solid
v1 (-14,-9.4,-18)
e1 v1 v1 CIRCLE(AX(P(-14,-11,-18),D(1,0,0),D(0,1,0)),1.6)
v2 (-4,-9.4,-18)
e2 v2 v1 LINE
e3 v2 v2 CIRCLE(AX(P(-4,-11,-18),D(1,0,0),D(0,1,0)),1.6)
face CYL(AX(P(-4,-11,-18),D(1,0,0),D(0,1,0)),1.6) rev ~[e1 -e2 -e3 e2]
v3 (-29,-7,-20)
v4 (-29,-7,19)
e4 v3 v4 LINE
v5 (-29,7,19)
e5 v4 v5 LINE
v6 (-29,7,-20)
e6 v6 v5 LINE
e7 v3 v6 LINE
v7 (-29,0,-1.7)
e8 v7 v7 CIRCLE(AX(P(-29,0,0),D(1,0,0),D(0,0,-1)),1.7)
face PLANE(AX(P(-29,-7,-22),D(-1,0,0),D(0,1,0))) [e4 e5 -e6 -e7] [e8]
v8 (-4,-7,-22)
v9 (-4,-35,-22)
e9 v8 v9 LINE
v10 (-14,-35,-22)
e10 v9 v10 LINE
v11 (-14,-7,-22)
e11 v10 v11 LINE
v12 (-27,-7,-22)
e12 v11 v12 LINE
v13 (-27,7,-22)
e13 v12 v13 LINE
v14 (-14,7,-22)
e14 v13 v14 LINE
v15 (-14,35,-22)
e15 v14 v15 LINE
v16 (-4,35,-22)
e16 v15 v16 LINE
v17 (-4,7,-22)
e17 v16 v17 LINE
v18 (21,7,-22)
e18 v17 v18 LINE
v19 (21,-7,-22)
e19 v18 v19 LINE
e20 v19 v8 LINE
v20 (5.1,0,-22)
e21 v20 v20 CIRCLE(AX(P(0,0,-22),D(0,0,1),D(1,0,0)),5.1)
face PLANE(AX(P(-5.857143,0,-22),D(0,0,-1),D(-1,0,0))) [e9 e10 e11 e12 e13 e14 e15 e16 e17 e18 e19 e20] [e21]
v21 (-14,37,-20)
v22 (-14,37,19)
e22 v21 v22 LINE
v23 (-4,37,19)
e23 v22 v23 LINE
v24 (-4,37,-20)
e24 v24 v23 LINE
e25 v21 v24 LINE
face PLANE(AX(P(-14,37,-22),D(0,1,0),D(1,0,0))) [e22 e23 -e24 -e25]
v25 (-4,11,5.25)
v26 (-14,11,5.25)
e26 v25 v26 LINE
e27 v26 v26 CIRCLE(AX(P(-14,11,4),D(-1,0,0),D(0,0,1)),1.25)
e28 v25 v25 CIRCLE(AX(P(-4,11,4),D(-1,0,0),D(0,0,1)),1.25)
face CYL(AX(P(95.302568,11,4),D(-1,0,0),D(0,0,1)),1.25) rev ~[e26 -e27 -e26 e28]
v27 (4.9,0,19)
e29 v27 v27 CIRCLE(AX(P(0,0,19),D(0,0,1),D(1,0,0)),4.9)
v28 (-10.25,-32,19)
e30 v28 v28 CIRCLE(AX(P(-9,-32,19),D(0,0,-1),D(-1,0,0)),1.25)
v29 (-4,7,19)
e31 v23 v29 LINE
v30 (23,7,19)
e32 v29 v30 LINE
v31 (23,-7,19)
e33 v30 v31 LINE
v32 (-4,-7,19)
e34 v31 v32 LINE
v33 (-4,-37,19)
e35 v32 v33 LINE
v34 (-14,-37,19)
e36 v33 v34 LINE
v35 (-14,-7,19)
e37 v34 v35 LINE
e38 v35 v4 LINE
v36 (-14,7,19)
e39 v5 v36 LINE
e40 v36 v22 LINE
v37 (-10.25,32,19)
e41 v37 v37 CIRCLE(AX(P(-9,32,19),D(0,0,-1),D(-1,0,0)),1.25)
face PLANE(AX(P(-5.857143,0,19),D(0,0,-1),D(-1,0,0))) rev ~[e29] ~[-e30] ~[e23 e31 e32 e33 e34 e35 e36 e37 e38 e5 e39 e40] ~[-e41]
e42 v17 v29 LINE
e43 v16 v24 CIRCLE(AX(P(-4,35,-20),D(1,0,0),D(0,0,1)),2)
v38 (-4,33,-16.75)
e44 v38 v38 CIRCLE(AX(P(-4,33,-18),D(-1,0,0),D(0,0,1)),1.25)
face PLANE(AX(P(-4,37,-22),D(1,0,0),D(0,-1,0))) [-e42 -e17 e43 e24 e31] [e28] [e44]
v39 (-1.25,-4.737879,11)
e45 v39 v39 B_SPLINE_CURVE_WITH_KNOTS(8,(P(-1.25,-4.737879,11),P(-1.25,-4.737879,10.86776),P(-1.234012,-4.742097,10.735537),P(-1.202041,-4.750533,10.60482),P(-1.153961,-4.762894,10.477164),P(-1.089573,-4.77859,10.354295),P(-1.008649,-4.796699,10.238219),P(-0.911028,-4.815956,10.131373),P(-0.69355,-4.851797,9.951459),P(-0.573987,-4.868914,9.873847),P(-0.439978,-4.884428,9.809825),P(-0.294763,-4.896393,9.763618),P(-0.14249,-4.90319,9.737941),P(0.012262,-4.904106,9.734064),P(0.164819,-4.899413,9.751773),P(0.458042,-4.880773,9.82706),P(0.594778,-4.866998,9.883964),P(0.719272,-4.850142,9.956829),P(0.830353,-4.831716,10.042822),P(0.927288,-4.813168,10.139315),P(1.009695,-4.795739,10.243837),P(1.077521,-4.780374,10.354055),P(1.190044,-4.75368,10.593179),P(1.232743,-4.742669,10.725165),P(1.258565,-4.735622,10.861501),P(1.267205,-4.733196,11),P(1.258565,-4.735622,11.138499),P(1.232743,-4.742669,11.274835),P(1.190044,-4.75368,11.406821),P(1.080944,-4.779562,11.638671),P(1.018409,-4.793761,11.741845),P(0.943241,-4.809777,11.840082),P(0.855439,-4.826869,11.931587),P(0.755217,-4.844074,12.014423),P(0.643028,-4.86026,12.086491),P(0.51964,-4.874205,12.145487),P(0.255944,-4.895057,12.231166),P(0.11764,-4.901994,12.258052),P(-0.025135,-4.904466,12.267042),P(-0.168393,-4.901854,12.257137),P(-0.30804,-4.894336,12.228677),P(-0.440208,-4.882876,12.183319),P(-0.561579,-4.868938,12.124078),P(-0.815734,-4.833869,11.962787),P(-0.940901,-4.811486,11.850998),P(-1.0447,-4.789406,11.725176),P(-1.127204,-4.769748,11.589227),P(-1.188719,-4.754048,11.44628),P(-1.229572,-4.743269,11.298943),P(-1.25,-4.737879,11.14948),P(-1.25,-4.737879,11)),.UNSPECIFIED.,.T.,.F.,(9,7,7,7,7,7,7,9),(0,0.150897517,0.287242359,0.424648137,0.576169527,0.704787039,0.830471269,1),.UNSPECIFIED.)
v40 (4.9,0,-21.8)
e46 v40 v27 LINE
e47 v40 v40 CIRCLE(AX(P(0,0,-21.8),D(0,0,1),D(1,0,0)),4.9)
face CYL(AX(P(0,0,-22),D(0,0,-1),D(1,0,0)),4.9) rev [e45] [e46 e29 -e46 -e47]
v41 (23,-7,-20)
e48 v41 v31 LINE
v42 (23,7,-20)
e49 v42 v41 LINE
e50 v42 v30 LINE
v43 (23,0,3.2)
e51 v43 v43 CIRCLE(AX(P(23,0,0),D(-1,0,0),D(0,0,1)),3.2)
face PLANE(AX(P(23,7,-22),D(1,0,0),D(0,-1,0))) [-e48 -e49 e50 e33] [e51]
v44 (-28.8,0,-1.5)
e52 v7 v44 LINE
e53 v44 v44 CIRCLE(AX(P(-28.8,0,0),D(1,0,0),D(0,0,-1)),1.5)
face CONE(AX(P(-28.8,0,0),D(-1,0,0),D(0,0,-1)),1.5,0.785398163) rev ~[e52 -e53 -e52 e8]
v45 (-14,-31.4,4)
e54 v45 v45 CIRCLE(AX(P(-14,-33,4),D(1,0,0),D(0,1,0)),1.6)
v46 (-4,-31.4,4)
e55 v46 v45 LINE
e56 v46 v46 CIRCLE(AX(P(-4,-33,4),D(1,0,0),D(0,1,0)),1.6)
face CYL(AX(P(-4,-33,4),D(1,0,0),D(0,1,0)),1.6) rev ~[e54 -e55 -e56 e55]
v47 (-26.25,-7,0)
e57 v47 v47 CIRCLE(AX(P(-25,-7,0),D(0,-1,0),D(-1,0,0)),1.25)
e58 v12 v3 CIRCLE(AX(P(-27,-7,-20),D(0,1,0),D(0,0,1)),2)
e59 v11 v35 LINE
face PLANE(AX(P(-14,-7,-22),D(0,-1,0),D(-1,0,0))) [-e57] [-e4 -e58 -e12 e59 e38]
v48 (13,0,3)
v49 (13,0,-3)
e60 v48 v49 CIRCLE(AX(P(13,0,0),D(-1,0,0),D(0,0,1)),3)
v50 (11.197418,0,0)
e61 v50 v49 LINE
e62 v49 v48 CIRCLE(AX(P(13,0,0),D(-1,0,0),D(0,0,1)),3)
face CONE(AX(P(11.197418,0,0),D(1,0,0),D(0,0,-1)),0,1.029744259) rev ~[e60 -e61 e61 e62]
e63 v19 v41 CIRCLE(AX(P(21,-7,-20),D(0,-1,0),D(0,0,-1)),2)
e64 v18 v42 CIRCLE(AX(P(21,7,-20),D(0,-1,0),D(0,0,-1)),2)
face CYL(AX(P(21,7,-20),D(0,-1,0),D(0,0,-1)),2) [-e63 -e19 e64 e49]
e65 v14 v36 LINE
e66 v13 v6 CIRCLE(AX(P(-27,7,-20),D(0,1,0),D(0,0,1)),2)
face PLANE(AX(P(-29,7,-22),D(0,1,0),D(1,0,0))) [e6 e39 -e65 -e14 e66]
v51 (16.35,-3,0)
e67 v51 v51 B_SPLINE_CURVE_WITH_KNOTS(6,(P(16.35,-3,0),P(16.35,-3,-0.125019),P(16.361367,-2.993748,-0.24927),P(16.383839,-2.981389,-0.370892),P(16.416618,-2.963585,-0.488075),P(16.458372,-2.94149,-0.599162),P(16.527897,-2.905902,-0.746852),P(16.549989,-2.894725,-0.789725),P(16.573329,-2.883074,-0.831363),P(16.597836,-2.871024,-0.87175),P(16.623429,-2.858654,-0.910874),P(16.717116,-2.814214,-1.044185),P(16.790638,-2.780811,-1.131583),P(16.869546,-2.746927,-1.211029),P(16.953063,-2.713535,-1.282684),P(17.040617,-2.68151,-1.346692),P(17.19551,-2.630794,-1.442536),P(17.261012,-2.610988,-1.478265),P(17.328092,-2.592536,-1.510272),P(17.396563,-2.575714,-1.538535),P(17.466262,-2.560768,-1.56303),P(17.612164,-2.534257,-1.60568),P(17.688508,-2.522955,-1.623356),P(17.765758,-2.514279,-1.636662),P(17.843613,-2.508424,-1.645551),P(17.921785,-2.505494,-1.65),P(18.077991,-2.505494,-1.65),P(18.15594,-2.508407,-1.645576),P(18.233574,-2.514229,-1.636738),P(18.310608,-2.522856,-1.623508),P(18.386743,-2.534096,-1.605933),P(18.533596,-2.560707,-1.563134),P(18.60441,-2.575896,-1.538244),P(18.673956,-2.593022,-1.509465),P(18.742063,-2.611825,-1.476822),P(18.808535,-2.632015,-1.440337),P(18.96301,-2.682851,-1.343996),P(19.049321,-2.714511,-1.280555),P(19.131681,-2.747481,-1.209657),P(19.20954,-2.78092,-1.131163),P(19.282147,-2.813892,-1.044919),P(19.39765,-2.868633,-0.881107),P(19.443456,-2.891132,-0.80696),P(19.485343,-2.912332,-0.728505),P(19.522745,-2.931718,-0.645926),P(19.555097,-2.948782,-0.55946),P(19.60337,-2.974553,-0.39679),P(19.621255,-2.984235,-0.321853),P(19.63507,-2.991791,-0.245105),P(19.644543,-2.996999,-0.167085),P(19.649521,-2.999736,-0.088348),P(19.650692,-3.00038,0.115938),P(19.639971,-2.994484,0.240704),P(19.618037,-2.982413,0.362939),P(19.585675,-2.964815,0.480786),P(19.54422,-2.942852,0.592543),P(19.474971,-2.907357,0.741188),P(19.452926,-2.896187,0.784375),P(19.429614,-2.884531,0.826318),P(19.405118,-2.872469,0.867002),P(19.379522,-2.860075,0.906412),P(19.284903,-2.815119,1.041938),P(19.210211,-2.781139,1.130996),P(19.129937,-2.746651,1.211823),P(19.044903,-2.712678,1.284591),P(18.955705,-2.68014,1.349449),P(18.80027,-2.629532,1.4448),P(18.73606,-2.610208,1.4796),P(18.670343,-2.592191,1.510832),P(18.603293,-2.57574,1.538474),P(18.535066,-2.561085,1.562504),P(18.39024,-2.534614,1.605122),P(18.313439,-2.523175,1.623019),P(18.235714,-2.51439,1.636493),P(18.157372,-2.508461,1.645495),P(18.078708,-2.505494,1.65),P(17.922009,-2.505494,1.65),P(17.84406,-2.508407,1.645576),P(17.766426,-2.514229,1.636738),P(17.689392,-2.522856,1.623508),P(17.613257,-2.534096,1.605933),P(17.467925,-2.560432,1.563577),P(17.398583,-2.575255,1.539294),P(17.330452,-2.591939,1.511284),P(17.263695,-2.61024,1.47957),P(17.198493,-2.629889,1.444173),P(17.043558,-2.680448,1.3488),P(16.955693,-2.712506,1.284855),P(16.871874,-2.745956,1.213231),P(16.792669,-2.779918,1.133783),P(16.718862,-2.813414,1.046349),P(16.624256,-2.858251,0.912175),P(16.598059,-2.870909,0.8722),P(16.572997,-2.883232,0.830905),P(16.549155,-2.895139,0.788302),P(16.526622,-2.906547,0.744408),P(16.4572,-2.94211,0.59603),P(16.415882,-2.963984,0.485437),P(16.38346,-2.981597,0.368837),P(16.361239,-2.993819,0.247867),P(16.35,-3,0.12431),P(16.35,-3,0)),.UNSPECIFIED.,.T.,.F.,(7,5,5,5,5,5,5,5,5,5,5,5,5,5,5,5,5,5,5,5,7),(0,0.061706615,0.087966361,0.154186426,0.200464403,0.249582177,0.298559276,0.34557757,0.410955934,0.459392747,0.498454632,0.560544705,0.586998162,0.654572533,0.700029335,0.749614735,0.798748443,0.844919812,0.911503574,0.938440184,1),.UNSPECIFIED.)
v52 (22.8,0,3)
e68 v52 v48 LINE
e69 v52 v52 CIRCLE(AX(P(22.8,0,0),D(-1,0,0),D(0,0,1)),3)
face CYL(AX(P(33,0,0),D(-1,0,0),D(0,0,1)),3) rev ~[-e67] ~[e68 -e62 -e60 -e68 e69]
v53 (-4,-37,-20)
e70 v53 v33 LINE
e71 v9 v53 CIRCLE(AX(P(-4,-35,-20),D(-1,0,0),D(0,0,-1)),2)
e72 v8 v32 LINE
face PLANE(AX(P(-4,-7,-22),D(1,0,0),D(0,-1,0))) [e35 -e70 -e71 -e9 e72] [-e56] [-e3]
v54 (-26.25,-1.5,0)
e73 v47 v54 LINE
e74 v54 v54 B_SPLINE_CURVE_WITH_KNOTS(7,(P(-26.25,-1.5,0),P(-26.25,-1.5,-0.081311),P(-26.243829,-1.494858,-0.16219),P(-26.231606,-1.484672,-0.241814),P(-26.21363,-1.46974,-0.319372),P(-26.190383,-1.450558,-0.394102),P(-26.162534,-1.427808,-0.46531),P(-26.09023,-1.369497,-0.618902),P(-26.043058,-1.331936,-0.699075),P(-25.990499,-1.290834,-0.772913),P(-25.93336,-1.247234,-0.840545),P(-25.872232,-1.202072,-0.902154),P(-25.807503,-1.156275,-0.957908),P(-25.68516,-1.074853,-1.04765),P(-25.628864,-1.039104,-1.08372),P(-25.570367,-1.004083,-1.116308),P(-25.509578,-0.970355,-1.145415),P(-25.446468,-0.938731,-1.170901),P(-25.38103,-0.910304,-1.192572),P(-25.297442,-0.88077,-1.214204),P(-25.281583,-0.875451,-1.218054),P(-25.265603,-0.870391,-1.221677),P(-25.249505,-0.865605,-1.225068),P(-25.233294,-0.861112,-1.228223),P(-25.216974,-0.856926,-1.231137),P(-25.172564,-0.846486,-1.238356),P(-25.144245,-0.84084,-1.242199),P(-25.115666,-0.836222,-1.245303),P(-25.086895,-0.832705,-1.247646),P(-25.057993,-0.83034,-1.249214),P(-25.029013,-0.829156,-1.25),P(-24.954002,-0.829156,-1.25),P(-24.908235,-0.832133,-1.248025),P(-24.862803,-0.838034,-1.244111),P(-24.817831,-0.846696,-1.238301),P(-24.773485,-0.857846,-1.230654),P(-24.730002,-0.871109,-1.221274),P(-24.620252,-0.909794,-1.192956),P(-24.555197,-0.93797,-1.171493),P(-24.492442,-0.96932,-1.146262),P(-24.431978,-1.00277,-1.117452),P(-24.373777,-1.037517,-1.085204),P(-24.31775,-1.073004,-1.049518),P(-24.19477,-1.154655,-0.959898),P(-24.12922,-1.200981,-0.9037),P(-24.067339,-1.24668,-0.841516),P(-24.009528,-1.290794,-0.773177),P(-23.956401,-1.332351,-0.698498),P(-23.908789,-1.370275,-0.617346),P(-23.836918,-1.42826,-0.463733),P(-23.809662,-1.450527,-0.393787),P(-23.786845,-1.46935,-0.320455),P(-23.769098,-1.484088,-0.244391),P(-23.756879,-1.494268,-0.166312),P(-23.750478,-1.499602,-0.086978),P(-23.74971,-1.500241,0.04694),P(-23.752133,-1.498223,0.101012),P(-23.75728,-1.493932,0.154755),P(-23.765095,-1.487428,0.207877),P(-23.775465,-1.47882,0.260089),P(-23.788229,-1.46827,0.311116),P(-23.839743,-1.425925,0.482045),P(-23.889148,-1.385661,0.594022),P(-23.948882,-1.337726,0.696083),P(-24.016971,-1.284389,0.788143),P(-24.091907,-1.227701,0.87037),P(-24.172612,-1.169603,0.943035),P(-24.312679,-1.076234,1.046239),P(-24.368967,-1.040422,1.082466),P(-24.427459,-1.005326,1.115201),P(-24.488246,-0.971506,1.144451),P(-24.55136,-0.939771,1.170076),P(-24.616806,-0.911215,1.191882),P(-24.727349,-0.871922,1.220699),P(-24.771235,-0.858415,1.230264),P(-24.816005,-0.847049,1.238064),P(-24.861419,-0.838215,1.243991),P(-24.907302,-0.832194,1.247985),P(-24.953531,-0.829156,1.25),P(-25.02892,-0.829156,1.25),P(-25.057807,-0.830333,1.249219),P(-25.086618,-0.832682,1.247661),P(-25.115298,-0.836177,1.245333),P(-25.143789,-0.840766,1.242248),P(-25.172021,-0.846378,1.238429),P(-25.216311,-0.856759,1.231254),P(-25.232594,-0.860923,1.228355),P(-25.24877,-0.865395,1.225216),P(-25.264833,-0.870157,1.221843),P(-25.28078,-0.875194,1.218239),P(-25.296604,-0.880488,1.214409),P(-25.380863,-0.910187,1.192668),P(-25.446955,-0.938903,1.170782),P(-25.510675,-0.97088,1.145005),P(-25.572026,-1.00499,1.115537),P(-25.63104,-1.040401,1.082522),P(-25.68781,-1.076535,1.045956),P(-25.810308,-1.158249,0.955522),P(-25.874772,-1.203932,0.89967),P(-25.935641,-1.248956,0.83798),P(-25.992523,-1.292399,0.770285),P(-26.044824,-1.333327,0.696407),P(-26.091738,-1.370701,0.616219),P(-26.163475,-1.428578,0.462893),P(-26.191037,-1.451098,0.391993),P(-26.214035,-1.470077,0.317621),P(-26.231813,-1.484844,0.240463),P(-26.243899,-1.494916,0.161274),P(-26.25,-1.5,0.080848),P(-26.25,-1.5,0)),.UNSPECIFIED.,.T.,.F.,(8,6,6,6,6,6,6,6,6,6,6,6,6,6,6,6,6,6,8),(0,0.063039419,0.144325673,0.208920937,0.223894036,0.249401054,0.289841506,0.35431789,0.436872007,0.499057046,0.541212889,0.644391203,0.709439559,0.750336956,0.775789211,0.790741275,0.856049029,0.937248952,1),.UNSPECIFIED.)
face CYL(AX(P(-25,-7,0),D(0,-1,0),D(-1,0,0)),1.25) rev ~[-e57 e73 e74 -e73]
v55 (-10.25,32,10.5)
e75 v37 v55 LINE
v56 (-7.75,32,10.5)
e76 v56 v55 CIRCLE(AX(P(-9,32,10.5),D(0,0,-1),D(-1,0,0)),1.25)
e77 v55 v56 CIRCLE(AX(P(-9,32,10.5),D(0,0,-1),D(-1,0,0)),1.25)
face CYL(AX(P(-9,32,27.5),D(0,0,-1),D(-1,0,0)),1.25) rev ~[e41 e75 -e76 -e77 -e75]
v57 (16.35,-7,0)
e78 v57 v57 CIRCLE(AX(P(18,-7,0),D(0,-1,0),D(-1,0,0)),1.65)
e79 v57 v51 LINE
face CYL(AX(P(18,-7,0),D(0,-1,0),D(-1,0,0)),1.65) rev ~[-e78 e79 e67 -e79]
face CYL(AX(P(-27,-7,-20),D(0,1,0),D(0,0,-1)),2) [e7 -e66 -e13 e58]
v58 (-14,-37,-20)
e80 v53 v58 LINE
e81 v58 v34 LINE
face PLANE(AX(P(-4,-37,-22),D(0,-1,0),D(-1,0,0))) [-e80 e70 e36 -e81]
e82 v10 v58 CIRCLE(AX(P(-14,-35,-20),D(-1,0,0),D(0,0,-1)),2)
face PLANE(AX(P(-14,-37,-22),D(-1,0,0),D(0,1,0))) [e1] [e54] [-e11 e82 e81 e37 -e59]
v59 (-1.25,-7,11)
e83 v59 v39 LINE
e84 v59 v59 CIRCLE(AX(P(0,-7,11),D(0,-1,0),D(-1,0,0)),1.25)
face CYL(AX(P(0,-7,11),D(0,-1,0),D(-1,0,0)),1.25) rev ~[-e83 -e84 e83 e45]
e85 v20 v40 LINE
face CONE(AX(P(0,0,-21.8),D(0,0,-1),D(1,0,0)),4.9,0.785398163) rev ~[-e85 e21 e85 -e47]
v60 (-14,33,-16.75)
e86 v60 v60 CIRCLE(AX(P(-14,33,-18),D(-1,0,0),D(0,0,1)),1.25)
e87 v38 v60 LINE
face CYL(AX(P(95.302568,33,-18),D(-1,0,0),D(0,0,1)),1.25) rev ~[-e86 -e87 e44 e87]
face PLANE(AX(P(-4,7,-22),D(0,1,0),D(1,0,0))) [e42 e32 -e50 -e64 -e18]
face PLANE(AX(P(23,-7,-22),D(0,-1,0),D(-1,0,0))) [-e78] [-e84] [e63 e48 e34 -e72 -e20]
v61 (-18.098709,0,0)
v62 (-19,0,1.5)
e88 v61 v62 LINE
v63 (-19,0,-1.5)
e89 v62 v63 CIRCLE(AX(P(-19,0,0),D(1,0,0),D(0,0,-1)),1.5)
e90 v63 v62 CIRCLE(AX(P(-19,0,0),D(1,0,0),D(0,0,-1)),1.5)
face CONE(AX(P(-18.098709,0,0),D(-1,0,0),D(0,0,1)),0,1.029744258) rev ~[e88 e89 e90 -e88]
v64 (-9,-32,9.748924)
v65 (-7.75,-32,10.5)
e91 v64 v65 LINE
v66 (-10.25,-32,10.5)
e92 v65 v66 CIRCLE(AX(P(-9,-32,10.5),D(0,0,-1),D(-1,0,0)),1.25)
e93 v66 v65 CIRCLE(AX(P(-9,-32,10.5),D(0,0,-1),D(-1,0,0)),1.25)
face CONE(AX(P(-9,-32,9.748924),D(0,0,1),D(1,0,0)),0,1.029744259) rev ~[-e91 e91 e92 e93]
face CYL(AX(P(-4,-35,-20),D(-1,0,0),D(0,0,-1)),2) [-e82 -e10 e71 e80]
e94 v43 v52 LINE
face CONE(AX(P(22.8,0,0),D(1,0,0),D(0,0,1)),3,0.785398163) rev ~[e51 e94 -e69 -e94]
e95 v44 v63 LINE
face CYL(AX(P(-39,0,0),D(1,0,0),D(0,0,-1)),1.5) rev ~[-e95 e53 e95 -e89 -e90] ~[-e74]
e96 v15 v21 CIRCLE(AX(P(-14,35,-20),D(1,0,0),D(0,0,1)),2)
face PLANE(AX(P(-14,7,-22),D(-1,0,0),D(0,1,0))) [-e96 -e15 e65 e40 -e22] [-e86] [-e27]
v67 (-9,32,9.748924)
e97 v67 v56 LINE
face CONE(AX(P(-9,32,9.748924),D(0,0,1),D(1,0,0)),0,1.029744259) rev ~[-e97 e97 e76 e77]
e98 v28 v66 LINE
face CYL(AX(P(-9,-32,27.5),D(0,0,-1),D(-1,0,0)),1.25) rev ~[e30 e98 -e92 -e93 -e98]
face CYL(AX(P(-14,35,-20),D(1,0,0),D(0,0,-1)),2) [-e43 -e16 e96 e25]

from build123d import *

# Parameters (mm, degrees)
BOSS_EXTRU_1_DEPTH                = 19
BOSS_EXTRU_1_DEPTH_BACK           = 22
ESQUISSE1_R                       = 4.9
DIAM_TRE_DU_PER_AGE_6_0_6_1_D     = 6
DIAM_TRE_DU_PER_AGE_6_0_6_1_DEPTH = 10
DIAM_TRE_DU_PER_AGE_6_0_6_1_TIP   = 1.802581857
ENL_V_MAT_EXTRU_1_REACH           = 52.813
ESQUISSE6_R                       = 1.6
DIAM_TRE_DU_PER_AGE_3_0_3_1_D     = 3
DIAM_TRE_DU_PER_AGE_3_0_3_1_DEPTH = 10
DIAM_TRE_DU_PER_AGE_3_0_3_1_TIP   = 0.901290929
TROU_TARAUD_M31_D                 = 2.5
TROU_TARAUD_M31_DEPTH             = 8.5
TROU_TARAUD_M31_TIP               = 0.751075774
CONG_1_R                          = 2
TROU_TARAUD_M32_REACH             = 59.105
TROU_TARAUD_M32_BORE_R            = 1.25
TROU_TARAUD_M41_REACH             = 59.105
TROU_TARAUD_M41_BORE_R            = 1.65
CHANFREIN1_SIZE                   = 0.2
TROU_TARAUD_M33_D                 = 2.5


with BuildPart() as part:
    # Esquisse1 → Boss.-Extru.1 (new, two sides: drawn at the far end of the back side and taken through both)
    with BuildSketch(Plane.XY.offset(-BOSS_EXTRU_1_DEPTH_BACK)):
        Polygon((-4, -7), (-4, -37), (-14, -37), (-14, -7), (-29, -7), (-29, 7), (-14, 7), (-14, 37), (-4, 37), (-4, 7), (23, 7), (23, -7), align=None)
        Circle(ESQUISSE1_R, mode=Mode.SUBTRACT)
    extrude(amount=BOSS_EXTRU_1_DEPTH + BOSS_EXTRU_1_DEPTH_BACK)

    # Diamètre du perçage Ø6.0 (6)1
    with Locations(Plane(origin=(23, 0, 0), x_dir=(0, 0, -1), z_dir=(1, 0, 0))):
        with Locations((0, 0)):
            Hole(DIAM_TRE_DU_PER_AGE_6_0_6_1_D / 2, depth=DIAM_TRE_DU_PER_AGE_6_0_6_1_DEPTH)
            with Locations((0, 0, -(DIAM_TRE_DU_PER_AGE_6_0_6_1_DEPTH + DIAM_TRE_DU_PER_AGE_6_0_6_1_TIP / 2))):  # 118° drill point
                Cone(0, DIAM_TRE_DU_PER_AGE_6_0_6_1_D / 2, DIAM_TRE_DU_PER_AGE_6_0_6_1_TIP, mode=Mode.SUBTRACT)

    # Esquisse6 → Enlèv. mat.-Extru.1 (cut, up to next)
    with BuildSketch(Plane(origin=(-4, 0, 0), x_dir=(0, 0, -1), z_dir=(1, 0, 0)), mode=Mode.PRIVATE) as enl_v_mat_extru_1_sk1:
        with Locations(Location((18, -11, 0), (0, 0, 90))):
            Circle(ESQUISSE6_R)
    enl_v_mat_extru_1_tool1 = extrude(enl_v_mat_extru_1_sk1.sketch, amount=-ENL_V_MAT_EXTRU_1_REACH, mode=Mode.PRIVATE) & part.part
    # Esquisse6 → Enlèv. mat.-Extru.1 (cut, up to next)
    with BuildSketch(Plane(origin=(-4, 0, 0), x_dir=(0, 0, -1), z_dir=(1, 0, 0)), mode=Mode.PRIVATE) as enl_v_mat_extru_1_sk2:
        with Locations(Location((-4, -33, 0), (0, 0, 90))):
            Circle(ESQUISSE6_R)
    enl_v_mat_extru_1_tool2 = extrude(enl_v_mat_extru_1_sk2.sketch, amount=-ENL_V_MAT_EXTRU_1_REACH, mode=Mode.PRIVATE) & part.part
    add(enl_v_mat_extru_1_tool1.solids().sort_by_distance((-4, -11, -18))[0], mode=Mode.SUBTRACT)
    add(enl_v_mat_extru_1_tool2.solids().sort_by_distance((-4, -33, 4))[0], mode=Mode.SUBTRACT)

    # Diamètre du perçage Ø3.0 (3)1
    with Locations(Plane.ZY.offset(29)):
        with Locations((0, 0)):
            Hole(DIAM_TRE_DU_PER_AGE_3_0_3_1_D / 2, depth=DIAM_TRE_DU_PER_AGE_3_0_3_1_DEPTH)
            with Locations((0, 0, -(DIAM_TRE_DU_PER_AGE_3_0_3_1_DEPTH + DIAM_TRE_DU_PER_AGE_3_0_3_1_TIP / 2))):  # 118° drill point
                Cone(0, DIAM_TRE_DU_PER_AGE_3_0_3_1_D / 2, DIAM_TRE_DU_PER_AGE_3_0_3_1_TIP, mode=Mode.SUBTRACT)

    # Trou taraudé M31
    with Locations(Plane.XY.offset(19)):
        with Locations((-9, 32), (-9, -32)):
            Hole(TROU_TARAUD_M31_D / 2, depth=TROU_TARAUD_M31_DEPTH)
            with Locations((0, 0, -(TROU_TARAUD_M31_DEPTH + TROU_TARAUD_M31_TIP / 2))):  # 118° drill point
                Cone(0, TROU_TARAUD_M31_D / 2, TROU_TARAUD_M31_TIP, mode=Mode.SUBTRACT)

    # Congé1
    cong_1_edges = [part.edges().sort_by_distance(p)[0] for p in [
        (-29, 0, -22),
        (-9, -37, -22),
        (23, 0, -22),
        (-9, 37, -22),
    ]]
    fillet(cong_1_edges, radius=CONG_1_R)

    # Trou taraudé M32 bore → Trou taraudé M32 (cut, up to next)
    with BuildSketch(Plane(origin=(0, -7, 0), x_dir=(-1, 0, 0), z_dir=(0, -1, 0)), mode=Mode.PRIVATE) as trou_taraud_m32_sk1:
        with Locations((25, 0)):
            Circle(TROU_TARAUD_M32_BORE_R)
    trou_taraud_m32_tool1 = extrude(trou_taraud_m32_sk1.sketch, amount=-TROU_TARAUD_M32_REACH, mode=Mode.PRIVATE) & part.part
    # Trou taraudé M32 bore → Trou taraudé M32 (cut, up to next)
    with BuildSketch(Plane(origin=(0, -7, 0), x_dir=(-1, 0, 0), z_dir=(0, -1, 0)), mode=Mode.PRIVATE) as trou_taraud_m32_sk2:
        with Locations((0, -11)):
            Circle(TROU_TARAUD_M32_BORE_R)
    trou_taraud_m32_tool2 = extrude(trou_taraud_m32_sk2.sketch, amount=-TROU_TARAUD_M32_REACH, mode=Mode.PRIVATE) & part.part
    add(trou_taraud_m32_tool1.solids().sort_by_distance((-25, -7, 0))[0], mode=Mode.SUBTRACT)
    add(trou_taraud_m32_tool2.solids().sort_by_distance((0, -7, 11))[0], mode=Mode.SUBTRACT)

    # Trou taraudé M41 bore → Trou taraudé M41 (cut, up to next)
    with BuildSketch(Plane(origin=(0, -7, 0), x_dir=(-1, 0, 0), z_dir=(0, -1, 0)), mode=Mode.PRIVATE) as trou_taraud_m41_sk1:
        with Locations((-18, 0)):
            Circle(TROU_TARAUD_M41_BORE_R)
    trou_taraud_m41_tool1 = extrude(trou_taraud_m41_sk1.sketch, amount=-TROU_TARAUD_M41_REACH, mode=Mode.PRIVATE) & part.part
    add(trou_taraud_m41_tool1.solids().sort_by_distance((18, -7, 0))[0], mode=Mode.SUBTRACT)

    # Chanfrein1
    chanfrein1_edges = [part.edges().sort_by_distance(p)[0] for p in [
        (-4.9, 0, -22),
        (23, 0, -3),
        (-29, 0, 1.5),
    ]]
    chamfer(chanfrein1_edges, length=CHANFREIN1_SIZE)

    # Trou taraudé M33 (through all)
    with Locations(Plane(origin=(-4, 0, 0), x_dir=(0, 0, -1), z_dir=(1, 0, 0))):
        with Locations((18, 33), (-4, 11)):
            Hole(TROU_TARAUD_M33_D / 2)


solid = part.part
